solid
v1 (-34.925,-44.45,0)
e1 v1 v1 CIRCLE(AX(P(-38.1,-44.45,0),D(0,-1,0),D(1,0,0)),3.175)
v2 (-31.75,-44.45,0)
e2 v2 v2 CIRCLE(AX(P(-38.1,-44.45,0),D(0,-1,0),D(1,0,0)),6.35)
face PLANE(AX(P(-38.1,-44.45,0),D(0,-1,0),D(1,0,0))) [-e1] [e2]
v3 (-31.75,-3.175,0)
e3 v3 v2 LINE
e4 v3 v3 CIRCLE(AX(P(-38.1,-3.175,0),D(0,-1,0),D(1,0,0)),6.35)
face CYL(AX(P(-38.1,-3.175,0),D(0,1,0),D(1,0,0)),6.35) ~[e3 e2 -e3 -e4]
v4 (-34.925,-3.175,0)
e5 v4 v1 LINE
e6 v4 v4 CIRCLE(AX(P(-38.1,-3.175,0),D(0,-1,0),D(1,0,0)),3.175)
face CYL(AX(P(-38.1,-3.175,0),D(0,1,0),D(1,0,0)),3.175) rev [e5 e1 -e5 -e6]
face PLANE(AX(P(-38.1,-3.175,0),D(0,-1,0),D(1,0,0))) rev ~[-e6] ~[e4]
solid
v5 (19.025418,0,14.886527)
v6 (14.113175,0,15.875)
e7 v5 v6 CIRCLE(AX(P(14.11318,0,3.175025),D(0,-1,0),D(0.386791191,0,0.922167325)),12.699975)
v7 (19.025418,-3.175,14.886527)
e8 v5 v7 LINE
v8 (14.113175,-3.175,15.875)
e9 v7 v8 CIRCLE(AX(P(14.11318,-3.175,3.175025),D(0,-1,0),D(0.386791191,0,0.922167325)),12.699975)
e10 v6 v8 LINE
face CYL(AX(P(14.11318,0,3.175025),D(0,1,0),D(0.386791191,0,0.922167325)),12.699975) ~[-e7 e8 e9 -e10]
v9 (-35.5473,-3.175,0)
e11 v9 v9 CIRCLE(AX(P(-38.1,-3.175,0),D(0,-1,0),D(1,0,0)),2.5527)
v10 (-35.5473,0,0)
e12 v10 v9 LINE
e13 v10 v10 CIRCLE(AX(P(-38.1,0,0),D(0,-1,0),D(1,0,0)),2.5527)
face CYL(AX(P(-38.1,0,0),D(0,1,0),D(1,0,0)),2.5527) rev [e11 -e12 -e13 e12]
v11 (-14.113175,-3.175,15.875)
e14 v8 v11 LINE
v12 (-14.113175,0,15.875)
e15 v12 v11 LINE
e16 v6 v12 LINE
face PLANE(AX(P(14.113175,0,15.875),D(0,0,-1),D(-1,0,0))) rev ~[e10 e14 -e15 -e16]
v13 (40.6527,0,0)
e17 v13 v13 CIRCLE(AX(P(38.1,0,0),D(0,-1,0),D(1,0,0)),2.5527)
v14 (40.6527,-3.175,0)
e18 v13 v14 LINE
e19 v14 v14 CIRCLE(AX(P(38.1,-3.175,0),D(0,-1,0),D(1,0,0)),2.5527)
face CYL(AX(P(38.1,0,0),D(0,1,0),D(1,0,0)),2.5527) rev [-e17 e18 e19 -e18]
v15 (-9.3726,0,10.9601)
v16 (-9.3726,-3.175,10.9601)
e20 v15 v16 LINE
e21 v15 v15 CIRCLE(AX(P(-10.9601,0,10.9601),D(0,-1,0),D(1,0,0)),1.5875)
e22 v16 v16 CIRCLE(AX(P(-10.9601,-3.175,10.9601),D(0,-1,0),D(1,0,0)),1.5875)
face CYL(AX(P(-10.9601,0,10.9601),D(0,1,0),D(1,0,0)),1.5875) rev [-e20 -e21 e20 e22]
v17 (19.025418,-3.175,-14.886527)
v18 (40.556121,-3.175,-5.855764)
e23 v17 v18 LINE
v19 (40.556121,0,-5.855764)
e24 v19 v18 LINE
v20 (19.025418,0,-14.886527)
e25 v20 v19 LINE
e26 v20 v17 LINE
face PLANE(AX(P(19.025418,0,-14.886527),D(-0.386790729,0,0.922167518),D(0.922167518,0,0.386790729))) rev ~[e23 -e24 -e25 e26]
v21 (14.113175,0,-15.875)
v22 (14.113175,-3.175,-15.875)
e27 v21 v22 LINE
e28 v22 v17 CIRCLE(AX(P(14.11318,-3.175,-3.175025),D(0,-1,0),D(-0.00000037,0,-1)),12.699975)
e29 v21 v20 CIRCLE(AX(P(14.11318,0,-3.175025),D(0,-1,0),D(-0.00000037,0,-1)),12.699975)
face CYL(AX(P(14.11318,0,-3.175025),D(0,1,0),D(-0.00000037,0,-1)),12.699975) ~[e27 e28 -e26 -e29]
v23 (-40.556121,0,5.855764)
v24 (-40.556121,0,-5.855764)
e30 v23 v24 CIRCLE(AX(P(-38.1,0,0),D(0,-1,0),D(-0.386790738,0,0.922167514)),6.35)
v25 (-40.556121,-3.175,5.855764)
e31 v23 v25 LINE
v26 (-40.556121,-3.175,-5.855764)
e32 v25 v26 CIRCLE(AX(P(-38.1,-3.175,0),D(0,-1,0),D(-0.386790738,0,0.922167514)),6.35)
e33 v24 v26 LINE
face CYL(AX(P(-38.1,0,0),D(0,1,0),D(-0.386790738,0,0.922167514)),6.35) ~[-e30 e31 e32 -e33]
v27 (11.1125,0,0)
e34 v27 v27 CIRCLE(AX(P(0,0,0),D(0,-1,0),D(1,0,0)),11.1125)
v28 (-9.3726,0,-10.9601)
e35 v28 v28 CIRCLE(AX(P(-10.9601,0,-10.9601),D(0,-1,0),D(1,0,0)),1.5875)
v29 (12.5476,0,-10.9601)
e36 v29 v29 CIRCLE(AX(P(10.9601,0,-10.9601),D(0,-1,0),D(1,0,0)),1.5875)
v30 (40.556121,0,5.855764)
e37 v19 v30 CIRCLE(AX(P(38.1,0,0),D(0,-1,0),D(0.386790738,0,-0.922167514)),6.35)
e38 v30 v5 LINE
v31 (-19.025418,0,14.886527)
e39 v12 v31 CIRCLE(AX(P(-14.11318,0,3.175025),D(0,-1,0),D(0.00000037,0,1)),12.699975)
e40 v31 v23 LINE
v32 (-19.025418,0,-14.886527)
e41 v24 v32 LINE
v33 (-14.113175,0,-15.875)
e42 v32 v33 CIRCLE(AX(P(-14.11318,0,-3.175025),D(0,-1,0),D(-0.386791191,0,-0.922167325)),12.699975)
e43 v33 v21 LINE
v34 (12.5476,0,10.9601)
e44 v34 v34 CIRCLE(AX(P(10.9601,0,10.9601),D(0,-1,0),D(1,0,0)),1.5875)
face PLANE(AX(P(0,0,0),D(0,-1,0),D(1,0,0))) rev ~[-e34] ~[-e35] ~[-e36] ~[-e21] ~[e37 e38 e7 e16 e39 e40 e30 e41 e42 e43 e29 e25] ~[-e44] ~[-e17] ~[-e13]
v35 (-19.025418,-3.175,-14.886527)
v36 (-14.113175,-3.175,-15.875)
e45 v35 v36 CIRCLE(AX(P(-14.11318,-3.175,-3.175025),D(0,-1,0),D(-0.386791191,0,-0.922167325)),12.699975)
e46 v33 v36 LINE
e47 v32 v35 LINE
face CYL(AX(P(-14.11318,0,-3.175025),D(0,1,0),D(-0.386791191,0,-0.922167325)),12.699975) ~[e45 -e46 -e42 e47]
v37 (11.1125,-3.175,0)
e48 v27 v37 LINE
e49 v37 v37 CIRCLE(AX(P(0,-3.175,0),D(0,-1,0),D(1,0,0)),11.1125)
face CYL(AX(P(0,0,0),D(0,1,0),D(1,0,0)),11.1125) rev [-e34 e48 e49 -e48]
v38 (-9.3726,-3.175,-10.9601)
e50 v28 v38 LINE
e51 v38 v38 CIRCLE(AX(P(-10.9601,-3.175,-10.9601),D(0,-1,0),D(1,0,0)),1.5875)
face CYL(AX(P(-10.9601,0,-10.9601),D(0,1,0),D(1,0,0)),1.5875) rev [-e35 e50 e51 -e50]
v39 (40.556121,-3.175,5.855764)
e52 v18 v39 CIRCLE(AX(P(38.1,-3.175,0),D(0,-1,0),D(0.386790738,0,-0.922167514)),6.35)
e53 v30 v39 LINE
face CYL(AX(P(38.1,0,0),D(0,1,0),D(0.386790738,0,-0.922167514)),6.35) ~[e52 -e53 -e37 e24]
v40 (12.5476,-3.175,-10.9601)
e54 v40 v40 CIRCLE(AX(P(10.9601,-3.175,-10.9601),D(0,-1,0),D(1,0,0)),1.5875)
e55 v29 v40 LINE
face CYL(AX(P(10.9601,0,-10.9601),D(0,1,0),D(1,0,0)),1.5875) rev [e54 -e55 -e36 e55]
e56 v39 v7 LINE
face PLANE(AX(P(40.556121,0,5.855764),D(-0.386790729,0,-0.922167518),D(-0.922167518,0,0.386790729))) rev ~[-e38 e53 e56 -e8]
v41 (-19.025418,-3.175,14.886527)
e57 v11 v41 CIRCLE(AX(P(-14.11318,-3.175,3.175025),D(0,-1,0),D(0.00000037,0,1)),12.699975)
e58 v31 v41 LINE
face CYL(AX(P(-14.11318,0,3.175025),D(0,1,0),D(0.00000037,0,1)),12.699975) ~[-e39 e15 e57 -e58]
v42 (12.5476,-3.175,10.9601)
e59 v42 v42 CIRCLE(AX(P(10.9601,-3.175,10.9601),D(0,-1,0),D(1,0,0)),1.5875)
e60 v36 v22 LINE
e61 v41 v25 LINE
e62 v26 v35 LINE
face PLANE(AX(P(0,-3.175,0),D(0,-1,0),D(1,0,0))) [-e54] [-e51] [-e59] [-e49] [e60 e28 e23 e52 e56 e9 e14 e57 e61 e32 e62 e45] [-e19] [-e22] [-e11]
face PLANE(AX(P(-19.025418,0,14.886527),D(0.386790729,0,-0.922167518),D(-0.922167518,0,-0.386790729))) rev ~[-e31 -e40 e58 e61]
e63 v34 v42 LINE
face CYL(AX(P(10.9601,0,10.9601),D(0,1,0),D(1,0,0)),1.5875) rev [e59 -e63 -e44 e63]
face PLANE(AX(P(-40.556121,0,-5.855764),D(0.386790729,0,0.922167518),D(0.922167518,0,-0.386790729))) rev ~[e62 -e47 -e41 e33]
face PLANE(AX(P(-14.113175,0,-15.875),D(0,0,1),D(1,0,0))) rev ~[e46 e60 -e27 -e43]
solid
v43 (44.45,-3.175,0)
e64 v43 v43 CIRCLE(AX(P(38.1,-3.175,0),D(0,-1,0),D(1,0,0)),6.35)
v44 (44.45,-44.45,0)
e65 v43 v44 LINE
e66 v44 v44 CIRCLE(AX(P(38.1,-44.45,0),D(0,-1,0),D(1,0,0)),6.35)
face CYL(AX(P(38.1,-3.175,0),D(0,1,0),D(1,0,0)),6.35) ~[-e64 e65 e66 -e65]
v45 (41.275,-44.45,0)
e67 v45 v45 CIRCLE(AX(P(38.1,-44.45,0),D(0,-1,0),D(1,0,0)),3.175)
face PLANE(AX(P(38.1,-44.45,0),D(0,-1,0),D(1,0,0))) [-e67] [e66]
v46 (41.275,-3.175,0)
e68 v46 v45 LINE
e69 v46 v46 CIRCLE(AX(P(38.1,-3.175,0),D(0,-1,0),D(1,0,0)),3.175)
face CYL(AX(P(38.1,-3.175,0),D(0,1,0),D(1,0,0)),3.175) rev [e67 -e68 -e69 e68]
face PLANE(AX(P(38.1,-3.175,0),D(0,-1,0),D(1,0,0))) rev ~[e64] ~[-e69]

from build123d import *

# Parameters (mm, degrees)
F0_R     = 1.5875
F0_R_2   = 2.5527
F0_R_3   = 11.1125
F1_DEPTH = 3.175
F2_R     = 6.35
F2_R_2   = 3.175
F3_DEPTH = 41.275


with BuildPart() as f1:
    # F0 (on Front) → F1 (new body)
    with BuildSketch(Plane.XZ):
        with BuildLine():
            Line((-19.025418, 14.886527), (-40.556121, 5.855764))
            ThreePointArc((-40.556121, 5.855764), (-44.45, 0), (-40.556121, -5.855764))
            Line((-40.556121, -5.855764), (-19.025418, -14.886527))
            ThreePointArc((-19.025418, -14.886527), (-16.61853, -15.62543), (-14.113175, -15.875))
            Line((-14.113175, -15.875), (14.113175, -15.875))
            ThreePointArc((14.113175, -15.875), (16.61853, -15.62543), (19.025418, -14.886527))
            Line((19.025418, -14.886527), (40.556121, -5.855764))
            ThreePointArc((40.556121, -5.855764), (44.45, 0), (40.556121, 5.855764))
            Line((40.556121, 5.855764), (19.025418, 14.886527))
            ThreePointArc((19.025418, 14.886527), (16.61853, 15.62543), (14.113175, 15.875))
            Line((14.113175, 15.875), (-14.113175, 15.875))
            ThreePointArc((-14.113175, 15.875), (-16.61853, 15.62543), (-19.025418, 14.886527))
        make_face()
        with Locations((-10.9601, -10.9601)):
            Circle(F0_R, mode=Mode.SUBTRACT)
        with Locations((10.9601, -10.9601)):
            Circle(F0_R, mode=Mode.SUBTRACT)
        with Locations((-38.1, 0)):
            Circle(F0_R_2, mode=Mode.SUBTRACT)
        with Locations((-10.9601, 10.9601)):
            Circle(F0_R, mode=Mode.SUBTRACT)
        Circle(F0_R_3, mode=Mode.SUBTRACT)
        with Locations((38.1, 0)):
            Circle(F0_R_2, mode=Mode.SUBTRACT)
        with Locations((10.9601, 10.9601)):
            Circle(F0_R, mode=Mode.SUBTRACT)
    extrude(amount=F1_DEPTH)


with BuildPart() as f3:
    # F2 (on face) → F3 (new body)
    with BuildSketch(Plane.XZ.offset(3.175)):
        with Locations((-38.1, 0)):
            Circle(F2_R)
        with Locations((-38.1, 0)):
            Circle(F2_R_2, mode=Mode.SUBTRACT)
        with Locations((38.1, 0)):
            Circle(F2_R)
        with Locations((38.1, 0)):
            Circle(F2_R_2, mode=Mode.SUBTRACT)
    extrude(amount=F3_DEPTH)


solid = Compound([f1.part, f3.part])
